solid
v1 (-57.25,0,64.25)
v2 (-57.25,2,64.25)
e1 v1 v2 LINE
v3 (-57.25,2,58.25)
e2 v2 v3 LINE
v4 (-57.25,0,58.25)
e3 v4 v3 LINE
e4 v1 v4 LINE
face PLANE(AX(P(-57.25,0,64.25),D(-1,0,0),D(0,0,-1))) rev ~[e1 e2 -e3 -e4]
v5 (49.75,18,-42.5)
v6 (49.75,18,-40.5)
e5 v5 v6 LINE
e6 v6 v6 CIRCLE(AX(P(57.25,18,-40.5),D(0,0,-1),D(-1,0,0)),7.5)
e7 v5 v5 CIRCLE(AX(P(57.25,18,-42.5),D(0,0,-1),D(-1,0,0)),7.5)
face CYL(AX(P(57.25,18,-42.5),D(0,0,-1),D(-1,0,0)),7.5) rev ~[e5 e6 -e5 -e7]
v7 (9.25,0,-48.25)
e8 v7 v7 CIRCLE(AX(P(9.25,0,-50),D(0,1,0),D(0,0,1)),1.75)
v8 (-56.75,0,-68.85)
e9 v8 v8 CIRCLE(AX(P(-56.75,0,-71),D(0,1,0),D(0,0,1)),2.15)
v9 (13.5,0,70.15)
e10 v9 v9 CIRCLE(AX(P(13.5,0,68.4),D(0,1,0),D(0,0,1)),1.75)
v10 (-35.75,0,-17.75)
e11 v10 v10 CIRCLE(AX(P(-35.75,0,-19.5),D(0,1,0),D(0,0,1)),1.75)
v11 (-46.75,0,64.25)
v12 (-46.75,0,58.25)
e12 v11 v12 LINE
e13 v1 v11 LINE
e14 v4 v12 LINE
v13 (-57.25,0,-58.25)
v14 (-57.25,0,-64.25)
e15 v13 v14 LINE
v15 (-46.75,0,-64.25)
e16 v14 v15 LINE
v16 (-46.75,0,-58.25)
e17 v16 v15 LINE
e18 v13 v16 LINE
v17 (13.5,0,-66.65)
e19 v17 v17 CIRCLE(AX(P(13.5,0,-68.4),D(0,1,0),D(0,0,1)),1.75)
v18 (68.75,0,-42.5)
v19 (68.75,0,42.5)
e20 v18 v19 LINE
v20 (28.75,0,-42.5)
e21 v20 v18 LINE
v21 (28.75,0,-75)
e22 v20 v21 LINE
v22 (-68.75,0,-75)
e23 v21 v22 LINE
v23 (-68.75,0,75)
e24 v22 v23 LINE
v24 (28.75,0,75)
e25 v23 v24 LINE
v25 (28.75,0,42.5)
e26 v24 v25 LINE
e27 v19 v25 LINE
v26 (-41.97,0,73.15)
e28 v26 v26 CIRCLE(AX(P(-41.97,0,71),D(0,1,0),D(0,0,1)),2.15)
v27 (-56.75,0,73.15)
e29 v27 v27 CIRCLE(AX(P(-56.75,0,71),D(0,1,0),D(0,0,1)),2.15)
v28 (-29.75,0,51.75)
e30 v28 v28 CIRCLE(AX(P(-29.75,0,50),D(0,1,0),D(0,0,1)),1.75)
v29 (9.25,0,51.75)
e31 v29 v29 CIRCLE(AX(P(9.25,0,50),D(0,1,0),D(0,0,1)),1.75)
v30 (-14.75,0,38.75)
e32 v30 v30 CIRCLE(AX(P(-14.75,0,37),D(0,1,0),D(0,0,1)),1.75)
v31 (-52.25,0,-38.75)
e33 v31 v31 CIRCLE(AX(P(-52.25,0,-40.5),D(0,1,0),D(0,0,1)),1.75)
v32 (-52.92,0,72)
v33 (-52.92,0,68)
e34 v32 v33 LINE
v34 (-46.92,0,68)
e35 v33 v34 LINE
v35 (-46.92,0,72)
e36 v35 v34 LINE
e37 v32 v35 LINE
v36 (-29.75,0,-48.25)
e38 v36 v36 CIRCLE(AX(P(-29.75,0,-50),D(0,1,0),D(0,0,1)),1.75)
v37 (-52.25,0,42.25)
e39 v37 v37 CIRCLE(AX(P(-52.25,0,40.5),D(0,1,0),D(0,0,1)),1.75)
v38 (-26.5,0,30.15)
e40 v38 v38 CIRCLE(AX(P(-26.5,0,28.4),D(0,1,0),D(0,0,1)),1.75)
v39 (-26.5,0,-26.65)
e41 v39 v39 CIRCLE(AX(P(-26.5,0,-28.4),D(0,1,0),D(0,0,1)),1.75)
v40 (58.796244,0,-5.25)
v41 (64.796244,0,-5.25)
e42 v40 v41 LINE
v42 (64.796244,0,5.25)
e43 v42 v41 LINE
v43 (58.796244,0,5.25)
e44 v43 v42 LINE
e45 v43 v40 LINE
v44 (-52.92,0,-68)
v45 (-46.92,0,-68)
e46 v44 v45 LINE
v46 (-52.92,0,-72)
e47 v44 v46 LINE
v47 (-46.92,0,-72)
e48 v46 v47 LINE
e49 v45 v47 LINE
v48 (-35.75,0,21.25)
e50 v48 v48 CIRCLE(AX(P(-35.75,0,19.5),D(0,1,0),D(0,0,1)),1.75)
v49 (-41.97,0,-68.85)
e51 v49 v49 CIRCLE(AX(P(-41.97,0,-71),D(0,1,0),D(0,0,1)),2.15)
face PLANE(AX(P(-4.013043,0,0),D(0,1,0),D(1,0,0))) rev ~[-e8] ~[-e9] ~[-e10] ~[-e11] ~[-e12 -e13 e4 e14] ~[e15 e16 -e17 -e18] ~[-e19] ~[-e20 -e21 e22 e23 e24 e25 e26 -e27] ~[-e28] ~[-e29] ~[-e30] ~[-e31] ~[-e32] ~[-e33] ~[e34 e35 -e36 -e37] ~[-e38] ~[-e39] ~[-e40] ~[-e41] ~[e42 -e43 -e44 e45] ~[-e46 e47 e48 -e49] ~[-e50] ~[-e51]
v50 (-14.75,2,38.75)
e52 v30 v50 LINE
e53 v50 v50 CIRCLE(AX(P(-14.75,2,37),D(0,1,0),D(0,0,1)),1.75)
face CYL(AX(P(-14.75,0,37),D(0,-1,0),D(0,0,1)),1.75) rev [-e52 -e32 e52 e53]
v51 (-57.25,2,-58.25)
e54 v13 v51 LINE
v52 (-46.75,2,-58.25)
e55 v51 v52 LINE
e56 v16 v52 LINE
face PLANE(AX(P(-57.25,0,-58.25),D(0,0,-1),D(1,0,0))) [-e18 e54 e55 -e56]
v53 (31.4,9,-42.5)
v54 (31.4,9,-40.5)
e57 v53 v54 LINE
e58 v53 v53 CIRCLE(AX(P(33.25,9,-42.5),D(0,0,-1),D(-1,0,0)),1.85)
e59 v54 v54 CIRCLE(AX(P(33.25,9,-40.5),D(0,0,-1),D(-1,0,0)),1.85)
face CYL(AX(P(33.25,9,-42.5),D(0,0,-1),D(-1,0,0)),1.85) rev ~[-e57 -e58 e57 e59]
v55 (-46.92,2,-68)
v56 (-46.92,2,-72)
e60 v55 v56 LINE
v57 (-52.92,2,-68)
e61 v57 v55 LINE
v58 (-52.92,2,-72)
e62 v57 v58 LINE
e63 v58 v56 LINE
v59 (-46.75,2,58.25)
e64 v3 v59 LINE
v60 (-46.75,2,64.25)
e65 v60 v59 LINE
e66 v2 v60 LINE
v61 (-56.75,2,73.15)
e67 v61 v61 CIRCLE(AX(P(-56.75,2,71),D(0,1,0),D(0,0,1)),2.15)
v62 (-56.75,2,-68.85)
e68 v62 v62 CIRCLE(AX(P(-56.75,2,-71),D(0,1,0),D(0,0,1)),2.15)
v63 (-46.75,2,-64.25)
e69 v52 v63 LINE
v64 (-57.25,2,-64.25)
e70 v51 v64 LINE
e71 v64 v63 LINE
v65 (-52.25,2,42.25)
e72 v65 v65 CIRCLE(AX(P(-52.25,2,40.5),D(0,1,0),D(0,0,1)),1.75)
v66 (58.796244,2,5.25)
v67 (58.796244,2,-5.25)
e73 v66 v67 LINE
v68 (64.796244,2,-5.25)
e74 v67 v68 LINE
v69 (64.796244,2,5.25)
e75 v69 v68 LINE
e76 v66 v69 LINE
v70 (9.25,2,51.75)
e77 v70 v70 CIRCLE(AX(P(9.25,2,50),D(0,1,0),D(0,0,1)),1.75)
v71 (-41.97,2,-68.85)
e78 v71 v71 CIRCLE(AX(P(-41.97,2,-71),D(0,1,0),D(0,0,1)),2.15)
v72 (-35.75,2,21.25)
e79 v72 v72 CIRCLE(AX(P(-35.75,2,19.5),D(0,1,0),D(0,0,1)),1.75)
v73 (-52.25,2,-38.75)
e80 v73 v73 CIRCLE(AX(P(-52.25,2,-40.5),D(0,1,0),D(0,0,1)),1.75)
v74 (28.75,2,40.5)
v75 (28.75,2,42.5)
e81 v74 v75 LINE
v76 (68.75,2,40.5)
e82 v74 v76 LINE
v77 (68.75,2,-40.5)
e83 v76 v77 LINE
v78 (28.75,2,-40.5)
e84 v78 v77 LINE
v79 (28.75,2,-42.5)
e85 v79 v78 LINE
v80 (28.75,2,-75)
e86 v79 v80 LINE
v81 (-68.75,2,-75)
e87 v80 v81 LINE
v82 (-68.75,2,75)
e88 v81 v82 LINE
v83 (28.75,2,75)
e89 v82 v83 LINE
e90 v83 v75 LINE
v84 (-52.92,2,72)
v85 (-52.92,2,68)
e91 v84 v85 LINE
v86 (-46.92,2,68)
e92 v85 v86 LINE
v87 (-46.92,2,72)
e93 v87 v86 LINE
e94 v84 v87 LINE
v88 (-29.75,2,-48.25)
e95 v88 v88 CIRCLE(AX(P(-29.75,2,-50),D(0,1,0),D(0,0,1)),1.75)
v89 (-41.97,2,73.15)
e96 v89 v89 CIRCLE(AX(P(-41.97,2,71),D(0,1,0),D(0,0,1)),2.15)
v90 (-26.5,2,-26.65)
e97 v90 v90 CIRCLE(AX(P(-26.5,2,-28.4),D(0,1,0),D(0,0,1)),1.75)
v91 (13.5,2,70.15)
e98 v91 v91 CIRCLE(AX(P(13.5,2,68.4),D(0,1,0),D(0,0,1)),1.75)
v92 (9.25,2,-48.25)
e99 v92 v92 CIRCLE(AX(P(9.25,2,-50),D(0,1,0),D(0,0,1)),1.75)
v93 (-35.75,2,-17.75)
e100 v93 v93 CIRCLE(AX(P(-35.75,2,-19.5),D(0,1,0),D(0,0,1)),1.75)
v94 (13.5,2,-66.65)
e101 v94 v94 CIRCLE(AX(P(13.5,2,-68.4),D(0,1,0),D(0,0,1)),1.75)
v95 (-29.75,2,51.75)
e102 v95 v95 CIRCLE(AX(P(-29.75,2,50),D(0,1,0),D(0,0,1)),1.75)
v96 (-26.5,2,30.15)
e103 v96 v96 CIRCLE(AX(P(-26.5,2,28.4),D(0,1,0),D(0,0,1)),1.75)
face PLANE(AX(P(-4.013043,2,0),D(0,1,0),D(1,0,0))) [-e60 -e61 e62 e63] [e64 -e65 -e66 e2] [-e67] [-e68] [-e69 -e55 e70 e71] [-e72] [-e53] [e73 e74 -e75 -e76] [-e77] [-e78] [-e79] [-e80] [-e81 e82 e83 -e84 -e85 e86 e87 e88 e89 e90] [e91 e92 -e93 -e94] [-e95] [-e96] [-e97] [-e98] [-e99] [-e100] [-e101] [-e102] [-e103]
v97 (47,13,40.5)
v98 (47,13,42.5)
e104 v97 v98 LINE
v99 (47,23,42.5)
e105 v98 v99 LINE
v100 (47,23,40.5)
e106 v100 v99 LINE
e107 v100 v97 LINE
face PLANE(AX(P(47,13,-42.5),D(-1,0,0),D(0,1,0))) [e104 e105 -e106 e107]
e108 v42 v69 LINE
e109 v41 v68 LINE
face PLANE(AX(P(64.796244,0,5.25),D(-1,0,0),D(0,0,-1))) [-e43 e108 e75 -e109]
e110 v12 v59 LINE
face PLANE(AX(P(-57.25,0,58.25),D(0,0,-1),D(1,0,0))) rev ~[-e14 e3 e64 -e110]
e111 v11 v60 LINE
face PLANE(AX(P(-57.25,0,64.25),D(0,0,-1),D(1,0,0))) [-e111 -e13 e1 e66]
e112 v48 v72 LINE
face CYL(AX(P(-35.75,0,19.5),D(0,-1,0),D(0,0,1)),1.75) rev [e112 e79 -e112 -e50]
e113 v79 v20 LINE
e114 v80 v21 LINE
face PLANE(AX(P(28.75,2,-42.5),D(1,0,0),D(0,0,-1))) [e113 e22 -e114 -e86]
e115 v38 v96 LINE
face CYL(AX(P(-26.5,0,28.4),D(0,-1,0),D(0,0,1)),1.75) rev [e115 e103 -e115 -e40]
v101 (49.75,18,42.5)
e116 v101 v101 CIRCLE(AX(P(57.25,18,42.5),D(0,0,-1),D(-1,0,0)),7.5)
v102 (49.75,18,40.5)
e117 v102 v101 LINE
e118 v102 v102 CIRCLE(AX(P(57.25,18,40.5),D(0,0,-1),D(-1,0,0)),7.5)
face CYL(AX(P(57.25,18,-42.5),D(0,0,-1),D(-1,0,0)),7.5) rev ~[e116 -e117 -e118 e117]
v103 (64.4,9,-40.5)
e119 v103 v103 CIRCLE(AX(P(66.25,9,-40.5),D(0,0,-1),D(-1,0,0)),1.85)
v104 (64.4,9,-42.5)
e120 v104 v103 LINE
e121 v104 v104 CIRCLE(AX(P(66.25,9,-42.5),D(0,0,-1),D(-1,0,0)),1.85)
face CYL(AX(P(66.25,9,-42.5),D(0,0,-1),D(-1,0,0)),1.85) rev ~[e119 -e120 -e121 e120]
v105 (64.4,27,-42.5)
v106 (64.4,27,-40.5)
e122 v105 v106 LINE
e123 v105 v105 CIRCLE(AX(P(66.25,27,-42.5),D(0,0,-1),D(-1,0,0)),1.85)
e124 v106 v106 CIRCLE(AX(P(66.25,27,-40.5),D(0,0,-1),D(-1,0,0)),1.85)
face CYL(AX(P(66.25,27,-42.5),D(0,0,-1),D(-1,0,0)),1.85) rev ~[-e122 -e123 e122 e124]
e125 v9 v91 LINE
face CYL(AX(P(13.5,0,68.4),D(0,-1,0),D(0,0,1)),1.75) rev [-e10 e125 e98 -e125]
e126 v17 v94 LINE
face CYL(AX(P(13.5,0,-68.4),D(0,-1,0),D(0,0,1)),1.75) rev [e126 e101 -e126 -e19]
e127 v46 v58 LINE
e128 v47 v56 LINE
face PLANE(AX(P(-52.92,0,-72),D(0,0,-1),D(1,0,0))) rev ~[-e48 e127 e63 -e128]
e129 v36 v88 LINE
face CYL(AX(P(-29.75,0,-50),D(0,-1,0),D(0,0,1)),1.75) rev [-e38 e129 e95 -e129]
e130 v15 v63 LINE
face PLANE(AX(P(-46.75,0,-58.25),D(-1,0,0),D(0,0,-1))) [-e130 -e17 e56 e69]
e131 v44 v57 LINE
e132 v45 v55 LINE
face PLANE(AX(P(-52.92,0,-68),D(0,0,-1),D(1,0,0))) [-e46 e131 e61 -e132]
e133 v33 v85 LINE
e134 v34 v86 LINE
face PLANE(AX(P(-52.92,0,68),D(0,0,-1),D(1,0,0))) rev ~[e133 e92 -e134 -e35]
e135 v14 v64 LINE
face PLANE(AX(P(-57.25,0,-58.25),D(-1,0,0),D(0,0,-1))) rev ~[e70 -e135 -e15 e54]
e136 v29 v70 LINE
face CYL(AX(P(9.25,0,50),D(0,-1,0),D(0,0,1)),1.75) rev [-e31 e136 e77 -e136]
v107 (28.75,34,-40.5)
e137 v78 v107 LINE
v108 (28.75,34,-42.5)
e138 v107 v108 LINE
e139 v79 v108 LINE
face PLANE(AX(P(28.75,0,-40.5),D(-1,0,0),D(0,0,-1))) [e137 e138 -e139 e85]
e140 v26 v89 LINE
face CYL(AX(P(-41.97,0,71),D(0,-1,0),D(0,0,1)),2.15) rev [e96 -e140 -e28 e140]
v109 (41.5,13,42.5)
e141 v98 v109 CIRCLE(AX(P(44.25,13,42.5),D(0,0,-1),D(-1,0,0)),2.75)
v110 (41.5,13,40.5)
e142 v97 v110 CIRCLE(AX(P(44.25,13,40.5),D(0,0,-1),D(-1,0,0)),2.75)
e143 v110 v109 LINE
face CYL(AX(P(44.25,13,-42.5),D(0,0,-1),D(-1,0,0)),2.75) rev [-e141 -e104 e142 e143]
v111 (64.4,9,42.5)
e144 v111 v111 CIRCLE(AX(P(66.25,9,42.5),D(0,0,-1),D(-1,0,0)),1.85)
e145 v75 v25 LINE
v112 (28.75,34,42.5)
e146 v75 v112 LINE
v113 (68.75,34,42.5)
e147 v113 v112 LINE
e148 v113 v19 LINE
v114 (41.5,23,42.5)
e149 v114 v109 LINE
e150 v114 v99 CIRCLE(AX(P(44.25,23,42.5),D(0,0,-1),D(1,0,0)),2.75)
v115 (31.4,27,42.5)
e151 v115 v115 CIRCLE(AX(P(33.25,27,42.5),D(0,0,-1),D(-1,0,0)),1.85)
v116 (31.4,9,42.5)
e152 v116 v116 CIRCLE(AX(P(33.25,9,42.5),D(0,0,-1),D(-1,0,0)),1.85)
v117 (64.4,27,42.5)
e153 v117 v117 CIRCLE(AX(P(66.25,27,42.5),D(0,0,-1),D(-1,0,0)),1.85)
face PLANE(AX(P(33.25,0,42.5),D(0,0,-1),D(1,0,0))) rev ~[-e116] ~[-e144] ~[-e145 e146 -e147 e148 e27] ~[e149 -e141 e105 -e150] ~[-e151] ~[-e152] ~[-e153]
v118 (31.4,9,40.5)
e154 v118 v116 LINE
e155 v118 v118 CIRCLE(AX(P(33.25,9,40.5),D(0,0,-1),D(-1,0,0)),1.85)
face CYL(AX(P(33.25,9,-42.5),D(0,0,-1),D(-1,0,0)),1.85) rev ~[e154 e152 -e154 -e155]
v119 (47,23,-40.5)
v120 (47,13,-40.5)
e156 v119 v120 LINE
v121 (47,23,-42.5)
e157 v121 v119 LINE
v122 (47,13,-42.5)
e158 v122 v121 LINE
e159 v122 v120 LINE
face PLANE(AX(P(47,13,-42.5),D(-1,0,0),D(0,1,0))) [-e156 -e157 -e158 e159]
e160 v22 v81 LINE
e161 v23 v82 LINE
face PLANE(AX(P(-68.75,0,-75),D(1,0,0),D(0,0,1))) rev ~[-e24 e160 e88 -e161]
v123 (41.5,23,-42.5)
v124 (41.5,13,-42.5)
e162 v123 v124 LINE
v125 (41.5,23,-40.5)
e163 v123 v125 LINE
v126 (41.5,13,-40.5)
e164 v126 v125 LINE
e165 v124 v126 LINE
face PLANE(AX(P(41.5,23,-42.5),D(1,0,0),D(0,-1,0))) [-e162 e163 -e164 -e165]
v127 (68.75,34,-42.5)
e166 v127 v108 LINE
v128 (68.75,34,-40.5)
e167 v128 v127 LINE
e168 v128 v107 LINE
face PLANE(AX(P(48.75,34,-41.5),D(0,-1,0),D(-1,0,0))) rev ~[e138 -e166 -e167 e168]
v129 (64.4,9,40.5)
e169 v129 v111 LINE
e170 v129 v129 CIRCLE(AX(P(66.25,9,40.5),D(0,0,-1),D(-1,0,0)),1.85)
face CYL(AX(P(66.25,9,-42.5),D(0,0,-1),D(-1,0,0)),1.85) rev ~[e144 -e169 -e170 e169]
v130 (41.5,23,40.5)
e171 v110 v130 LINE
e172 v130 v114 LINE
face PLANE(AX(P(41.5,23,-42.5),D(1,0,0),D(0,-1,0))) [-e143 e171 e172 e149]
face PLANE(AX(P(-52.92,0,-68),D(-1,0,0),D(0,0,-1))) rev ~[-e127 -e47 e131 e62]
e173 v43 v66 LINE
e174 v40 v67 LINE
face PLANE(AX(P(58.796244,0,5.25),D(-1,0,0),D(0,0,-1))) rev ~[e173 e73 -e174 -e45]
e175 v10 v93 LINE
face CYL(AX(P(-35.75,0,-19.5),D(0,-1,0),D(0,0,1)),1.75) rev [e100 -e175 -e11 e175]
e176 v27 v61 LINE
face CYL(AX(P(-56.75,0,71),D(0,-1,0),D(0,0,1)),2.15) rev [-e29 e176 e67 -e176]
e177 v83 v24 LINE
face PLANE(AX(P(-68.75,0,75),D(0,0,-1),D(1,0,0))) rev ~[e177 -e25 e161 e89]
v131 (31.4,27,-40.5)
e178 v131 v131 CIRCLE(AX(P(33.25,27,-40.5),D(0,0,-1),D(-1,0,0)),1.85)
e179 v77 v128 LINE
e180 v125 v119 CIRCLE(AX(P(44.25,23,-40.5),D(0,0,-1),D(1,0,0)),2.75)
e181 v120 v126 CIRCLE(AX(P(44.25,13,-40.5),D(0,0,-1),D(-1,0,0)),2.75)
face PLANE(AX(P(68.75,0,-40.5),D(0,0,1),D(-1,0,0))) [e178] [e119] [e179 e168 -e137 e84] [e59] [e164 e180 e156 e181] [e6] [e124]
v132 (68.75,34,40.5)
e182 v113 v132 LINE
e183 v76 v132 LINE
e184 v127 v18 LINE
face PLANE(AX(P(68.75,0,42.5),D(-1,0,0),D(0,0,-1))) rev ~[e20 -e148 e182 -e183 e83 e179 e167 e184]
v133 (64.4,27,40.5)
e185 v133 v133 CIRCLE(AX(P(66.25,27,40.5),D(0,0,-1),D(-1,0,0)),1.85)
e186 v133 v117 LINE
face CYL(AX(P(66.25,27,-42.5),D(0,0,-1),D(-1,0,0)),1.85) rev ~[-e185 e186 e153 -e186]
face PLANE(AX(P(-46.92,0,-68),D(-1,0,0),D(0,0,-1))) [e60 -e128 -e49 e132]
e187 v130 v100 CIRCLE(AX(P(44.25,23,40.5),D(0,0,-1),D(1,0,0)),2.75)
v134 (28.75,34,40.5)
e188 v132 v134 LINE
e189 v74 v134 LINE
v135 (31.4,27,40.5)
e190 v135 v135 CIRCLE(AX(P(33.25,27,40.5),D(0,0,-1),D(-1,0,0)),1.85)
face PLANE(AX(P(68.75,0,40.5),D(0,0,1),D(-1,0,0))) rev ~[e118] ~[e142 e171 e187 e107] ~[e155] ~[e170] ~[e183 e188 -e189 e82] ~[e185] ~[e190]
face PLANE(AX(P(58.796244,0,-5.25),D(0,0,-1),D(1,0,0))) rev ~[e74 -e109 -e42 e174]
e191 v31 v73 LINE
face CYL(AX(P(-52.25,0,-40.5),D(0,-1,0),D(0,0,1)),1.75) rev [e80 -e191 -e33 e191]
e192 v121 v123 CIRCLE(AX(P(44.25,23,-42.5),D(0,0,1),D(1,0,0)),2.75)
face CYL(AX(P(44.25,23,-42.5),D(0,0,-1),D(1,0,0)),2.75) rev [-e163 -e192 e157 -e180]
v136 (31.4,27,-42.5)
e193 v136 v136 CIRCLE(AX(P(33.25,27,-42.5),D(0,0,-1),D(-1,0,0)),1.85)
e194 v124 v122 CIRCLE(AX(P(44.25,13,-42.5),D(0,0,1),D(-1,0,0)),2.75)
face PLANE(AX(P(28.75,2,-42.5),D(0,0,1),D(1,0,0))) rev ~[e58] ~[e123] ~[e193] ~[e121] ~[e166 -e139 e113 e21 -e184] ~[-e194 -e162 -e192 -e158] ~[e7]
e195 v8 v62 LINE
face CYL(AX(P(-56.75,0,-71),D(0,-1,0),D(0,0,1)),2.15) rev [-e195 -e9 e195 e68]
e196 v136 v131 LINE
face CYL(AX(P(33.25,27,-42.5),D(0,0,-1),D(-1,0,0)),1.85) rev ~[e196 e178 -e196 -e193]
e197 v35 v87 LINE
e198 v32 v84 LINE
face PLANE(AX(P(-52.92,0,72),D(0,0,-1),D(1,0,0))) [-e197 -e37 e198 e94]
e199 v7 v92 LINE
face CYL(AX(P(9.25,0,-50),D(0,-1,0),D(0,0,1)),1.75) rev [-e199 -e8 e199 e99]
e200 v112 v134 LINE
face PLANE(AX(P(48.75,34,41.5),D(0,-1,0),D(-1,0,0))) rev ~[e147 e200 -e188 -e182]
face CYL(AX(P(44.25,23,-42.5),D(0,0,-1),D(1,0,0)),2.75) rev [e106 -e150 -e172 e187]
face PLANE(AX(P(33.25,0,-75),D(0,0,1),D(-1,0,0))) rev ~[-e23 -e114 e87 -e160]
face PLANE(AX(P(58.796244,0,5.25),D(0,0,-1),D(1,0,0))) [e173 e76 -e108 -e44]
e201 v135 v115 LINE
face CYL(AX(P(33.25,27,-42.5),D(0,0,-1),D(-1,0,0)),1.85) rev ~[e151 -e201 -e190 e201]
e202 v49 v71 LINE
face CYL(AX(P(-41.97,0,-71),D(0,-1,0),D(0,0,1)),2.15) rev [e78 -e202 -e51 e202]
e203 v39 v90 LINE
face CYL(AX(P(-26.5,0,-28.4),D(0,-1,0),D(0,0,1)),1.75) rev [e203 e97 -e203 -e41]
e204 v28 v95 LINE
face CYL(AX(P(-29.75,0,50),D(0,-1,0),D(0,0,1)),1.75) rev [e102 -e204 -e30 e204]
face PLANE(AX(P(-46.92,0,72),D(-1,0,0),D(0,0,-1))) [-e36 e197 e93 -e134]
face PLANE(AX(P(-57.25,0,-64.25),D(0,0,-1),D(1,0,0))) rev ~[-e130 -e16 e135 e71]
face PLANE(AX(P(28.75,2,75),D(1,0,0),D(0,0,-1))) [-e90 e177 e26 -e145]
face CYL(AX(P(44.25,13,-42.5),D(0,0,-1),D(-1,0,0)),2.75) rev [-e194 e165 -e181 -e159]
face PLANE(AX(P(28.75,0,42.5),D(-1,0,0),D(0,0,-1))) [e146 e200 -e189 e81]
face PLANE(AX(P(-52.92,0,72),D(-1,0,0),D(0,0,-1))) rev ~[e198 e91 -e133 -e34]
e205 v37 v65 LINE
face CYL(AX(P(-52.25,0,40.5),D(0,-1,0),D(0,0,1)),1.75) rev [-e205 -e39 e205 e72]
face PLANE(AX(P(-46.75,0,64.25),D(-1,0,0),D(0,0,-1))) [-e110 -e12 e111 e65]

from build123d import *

# Parameters (mm, degrees)
SKETCH1_R           = 2.15
SKETCH1_R_2         = 1.75
SKETCH1_W           = 10.5
SKETCH1_H           = 6
SKETCH1_W_2         = 6
SKETCH1_H_2         = 4
SKETCH1_H_3         = 10.5
BOSS_EXTRUDE1_DEPTH = 2
SKETCH2_W           = 40
SKETCH2_H           = 2
BOSS_EXTRUDE2_DEPTH = 34
SKETCH4_R           = 1.85
SKETCH4_R_2         = 7.5
CUT_EXTRUDE2_DEPTH  = 120
SKETCH5_W           = 4.5
SKETCH5_H           = 32.5
CUT_EXTRUDE3_DEPTH  = 120


with BuildPart() as part:
    # Sketch1 → Boss-Extrude1 (new body)
    with BuildSketch(Plane(origin=(0, 0, 0), x_dir=(1, 0, 0), z_dir=(0, 1, 0))):
        Polygon((-68.75, -75), (33.25, -75), (33.25, -42.5), (68.75, -42.5), (68.75, 42.5), (33.25, 42.5), (33.25, 75), (-68.75, 75), align=None)
        with Locations(Location((-56.75, -71, 0), (0, 0, 270))):
            Circle(SKETCH1_R, mode=Mode.SUBTRACT)
        with Locations(Location((-41.97, -71, 0), (0, 0, 270))):
            Circle(SKETCH1_R, mode=Mode.SUBTRACT)
        with Locations(Location((-52.25, -40.5, 0), (0, 0, 270))):
            Circle(SKETCH1_R_2, mode=Mode.SUBTRACT)
        with Locations(Location((-29.75, -50, 0), (0, 0, 270))):
            Circle(SKETCH1_R_2, mode=Mode.SUBTRACT)
        with Locations(Location((-35.75, -19.5, 0), (0, 0, 270))):
            Circle(SKETCH1_R_2, mode=Mode.SUBTRACT)
        with Locations(Location((-26.5, -28.4, 0), (0, 0, 270))):
            Circle(SKETCH1_R_2, mode=Mode.SUBTRACT)
        with Locations(Location((-14.75, -37, 0), (0, 0, 270))):
            Circle(SKETCH1_R_2, mode=Mode.SUBTRACT)
        with Locations(Location((9.25, -50, 0), (0, 0, 270))):
            Circle(SKETCH1_R_2, mode=Mode.SUBTRACT)
        with Locations(Location((13.5, -68.4, 0), (0, 0, 270))):
            Circle(SKETCH1_R_2, mode=Mode.SUBTRACT)
        with Locations(Location((-52.25, 40.5, 0), (0, 0, 270))):
            Circle(SKETCH1_R_2, mode=Mode.SUBTRACT)
        with Locations(Location((-35.75, 19.5, 0), (0, 0, 270))):
            Circle(SKETCH1_R_2, mode=Mode.SUBTRACT)
        with Locations(Location((-56.75, 71, 0), (0, 0, 270))):
            Circle(SKETCH1_R, mode=Mode.SUBTRACT)
        with Locations(Location((-41.97, 71, 0), (0, 0, 270))):
            Circle(SKETCH1_R, mode=Mode.SUBTRACT)
        with Locations(Location((-29.75, 50, 0), (0, 0, 270))):
            Circle(SKETCH1_R_2, mode=Mode.SUBTRACT)
        with Locations(Location((-26.5, 28.4, 0), (0, 0, 270))):
            Circle(SKETCH1_R_2, mode=Mode.SUBTRACT)
        with Locations(Location((9.25, 50, 0), (0, 0, 270))):
            Circle(SKETCH1_R_2, mode=Mode.SUBTRACT)
        with Locations(Location((13.5, 68.4, 0), (0, 0, 270))):
            Circle(SKETCH1_R_2, mode=Mode.SUBTRACT)
        with Locations((-52, -61.25)):
            Rectangle(SKETCH1_W, SKETCH1_H, mode=Mode.SUBTRACT)
        with Locations((-49.92, -70)):
            Rectangle(SKETCH1_W_2, SKETCH1_H_2, mode=Mode.SUBTRACT)
        with Locations((-52, 61.25)):
            Rectangle(SKETCH1_W, SKETCH1_H, mode=Mode.SUBTRACT)
        with Locations((-49.92, 70)):
            Rectangle(SKETCH1_W_2, SKETCH1_H_2, mode=Mode.SUBTRACT)
        with Locations((61.796244223, 0)):
            Rectangle(SKETCH1_W_2, SKETCH1_H_3, mode=Mode.SUBTRACT)
    extrude(amount=BOSS_EXTRUDE1_DEPTH)

    # Sketch2 → Boss-Extrude2 (add)
    with BuildSketch(Plane(origin=(0, 0, 0), x_dir=(-1, 0, 0), z_dir=(0, -1, 0))):
        with Locations((-48.75, 41.5)):
            Rectangle(SKETCH2_W, SKETCH2_H)
        with Locations((-48.75, -41.5)):
            Rectangle(SKETCH2_W, SKETCH2_H)
    extrude(amount=-BOSS_EXTRUDE2_DEPTH)

    # Sketch4 → Cut-Extrude2 (cut)
    with BuildSketch(Plane(origin=(0, 0, -42.5), x_dir=(-1, 0, 0), z_dir=(0, 0, -1))):
        with Locations((-66.25, 27)):
            Circle(SKETCH4_R)
        with Locations((-33.25, 27)):
            Circle(SKETCH4_R)
        with Locations((-33.25, 9)):
            Circle(SKETCH4_R)
        with Locations((-66.25, 9)):
            Circle(SKETCH4_R)
        with Locations((-57.25, 18)):
            Circle(SKETCH4_R_2)
        with BuildLine():
            Line((-47, 13), (-47, 23))
            ThreePointArc((-47, 23), (-44.25, 25.75), (-41.5, 23))
            Line((-41.5, 23), (-41.5, 13))
            ThreePointArc((-41.5, 13), (-44.25, 10.25), (-47, 13))
        make_face()
    extrude(amount=-CUT_EXTRUDE2_DEPTH, mode=Mode.SUBTRACT)

    # Sketch5 → Cut-Extrude3 (cut)
    with BuildSketch(Plane(origin=(0, 2, 0), x_dir=(1, 0, 0), z_dir=(0, 1, 0))):
        with Locations((31, -58.75)):
            Rectangle(SKETCH5_W, SKETCH5_H)
        with Locations((31, 58.75)):
            Rectangle(SKETCH5_W, SKETCH5_H)
    extrude(amount=-CUT_EXTRUDE3_DEPTH, mode=Mode.SUBTRACT)


solid = part.part
